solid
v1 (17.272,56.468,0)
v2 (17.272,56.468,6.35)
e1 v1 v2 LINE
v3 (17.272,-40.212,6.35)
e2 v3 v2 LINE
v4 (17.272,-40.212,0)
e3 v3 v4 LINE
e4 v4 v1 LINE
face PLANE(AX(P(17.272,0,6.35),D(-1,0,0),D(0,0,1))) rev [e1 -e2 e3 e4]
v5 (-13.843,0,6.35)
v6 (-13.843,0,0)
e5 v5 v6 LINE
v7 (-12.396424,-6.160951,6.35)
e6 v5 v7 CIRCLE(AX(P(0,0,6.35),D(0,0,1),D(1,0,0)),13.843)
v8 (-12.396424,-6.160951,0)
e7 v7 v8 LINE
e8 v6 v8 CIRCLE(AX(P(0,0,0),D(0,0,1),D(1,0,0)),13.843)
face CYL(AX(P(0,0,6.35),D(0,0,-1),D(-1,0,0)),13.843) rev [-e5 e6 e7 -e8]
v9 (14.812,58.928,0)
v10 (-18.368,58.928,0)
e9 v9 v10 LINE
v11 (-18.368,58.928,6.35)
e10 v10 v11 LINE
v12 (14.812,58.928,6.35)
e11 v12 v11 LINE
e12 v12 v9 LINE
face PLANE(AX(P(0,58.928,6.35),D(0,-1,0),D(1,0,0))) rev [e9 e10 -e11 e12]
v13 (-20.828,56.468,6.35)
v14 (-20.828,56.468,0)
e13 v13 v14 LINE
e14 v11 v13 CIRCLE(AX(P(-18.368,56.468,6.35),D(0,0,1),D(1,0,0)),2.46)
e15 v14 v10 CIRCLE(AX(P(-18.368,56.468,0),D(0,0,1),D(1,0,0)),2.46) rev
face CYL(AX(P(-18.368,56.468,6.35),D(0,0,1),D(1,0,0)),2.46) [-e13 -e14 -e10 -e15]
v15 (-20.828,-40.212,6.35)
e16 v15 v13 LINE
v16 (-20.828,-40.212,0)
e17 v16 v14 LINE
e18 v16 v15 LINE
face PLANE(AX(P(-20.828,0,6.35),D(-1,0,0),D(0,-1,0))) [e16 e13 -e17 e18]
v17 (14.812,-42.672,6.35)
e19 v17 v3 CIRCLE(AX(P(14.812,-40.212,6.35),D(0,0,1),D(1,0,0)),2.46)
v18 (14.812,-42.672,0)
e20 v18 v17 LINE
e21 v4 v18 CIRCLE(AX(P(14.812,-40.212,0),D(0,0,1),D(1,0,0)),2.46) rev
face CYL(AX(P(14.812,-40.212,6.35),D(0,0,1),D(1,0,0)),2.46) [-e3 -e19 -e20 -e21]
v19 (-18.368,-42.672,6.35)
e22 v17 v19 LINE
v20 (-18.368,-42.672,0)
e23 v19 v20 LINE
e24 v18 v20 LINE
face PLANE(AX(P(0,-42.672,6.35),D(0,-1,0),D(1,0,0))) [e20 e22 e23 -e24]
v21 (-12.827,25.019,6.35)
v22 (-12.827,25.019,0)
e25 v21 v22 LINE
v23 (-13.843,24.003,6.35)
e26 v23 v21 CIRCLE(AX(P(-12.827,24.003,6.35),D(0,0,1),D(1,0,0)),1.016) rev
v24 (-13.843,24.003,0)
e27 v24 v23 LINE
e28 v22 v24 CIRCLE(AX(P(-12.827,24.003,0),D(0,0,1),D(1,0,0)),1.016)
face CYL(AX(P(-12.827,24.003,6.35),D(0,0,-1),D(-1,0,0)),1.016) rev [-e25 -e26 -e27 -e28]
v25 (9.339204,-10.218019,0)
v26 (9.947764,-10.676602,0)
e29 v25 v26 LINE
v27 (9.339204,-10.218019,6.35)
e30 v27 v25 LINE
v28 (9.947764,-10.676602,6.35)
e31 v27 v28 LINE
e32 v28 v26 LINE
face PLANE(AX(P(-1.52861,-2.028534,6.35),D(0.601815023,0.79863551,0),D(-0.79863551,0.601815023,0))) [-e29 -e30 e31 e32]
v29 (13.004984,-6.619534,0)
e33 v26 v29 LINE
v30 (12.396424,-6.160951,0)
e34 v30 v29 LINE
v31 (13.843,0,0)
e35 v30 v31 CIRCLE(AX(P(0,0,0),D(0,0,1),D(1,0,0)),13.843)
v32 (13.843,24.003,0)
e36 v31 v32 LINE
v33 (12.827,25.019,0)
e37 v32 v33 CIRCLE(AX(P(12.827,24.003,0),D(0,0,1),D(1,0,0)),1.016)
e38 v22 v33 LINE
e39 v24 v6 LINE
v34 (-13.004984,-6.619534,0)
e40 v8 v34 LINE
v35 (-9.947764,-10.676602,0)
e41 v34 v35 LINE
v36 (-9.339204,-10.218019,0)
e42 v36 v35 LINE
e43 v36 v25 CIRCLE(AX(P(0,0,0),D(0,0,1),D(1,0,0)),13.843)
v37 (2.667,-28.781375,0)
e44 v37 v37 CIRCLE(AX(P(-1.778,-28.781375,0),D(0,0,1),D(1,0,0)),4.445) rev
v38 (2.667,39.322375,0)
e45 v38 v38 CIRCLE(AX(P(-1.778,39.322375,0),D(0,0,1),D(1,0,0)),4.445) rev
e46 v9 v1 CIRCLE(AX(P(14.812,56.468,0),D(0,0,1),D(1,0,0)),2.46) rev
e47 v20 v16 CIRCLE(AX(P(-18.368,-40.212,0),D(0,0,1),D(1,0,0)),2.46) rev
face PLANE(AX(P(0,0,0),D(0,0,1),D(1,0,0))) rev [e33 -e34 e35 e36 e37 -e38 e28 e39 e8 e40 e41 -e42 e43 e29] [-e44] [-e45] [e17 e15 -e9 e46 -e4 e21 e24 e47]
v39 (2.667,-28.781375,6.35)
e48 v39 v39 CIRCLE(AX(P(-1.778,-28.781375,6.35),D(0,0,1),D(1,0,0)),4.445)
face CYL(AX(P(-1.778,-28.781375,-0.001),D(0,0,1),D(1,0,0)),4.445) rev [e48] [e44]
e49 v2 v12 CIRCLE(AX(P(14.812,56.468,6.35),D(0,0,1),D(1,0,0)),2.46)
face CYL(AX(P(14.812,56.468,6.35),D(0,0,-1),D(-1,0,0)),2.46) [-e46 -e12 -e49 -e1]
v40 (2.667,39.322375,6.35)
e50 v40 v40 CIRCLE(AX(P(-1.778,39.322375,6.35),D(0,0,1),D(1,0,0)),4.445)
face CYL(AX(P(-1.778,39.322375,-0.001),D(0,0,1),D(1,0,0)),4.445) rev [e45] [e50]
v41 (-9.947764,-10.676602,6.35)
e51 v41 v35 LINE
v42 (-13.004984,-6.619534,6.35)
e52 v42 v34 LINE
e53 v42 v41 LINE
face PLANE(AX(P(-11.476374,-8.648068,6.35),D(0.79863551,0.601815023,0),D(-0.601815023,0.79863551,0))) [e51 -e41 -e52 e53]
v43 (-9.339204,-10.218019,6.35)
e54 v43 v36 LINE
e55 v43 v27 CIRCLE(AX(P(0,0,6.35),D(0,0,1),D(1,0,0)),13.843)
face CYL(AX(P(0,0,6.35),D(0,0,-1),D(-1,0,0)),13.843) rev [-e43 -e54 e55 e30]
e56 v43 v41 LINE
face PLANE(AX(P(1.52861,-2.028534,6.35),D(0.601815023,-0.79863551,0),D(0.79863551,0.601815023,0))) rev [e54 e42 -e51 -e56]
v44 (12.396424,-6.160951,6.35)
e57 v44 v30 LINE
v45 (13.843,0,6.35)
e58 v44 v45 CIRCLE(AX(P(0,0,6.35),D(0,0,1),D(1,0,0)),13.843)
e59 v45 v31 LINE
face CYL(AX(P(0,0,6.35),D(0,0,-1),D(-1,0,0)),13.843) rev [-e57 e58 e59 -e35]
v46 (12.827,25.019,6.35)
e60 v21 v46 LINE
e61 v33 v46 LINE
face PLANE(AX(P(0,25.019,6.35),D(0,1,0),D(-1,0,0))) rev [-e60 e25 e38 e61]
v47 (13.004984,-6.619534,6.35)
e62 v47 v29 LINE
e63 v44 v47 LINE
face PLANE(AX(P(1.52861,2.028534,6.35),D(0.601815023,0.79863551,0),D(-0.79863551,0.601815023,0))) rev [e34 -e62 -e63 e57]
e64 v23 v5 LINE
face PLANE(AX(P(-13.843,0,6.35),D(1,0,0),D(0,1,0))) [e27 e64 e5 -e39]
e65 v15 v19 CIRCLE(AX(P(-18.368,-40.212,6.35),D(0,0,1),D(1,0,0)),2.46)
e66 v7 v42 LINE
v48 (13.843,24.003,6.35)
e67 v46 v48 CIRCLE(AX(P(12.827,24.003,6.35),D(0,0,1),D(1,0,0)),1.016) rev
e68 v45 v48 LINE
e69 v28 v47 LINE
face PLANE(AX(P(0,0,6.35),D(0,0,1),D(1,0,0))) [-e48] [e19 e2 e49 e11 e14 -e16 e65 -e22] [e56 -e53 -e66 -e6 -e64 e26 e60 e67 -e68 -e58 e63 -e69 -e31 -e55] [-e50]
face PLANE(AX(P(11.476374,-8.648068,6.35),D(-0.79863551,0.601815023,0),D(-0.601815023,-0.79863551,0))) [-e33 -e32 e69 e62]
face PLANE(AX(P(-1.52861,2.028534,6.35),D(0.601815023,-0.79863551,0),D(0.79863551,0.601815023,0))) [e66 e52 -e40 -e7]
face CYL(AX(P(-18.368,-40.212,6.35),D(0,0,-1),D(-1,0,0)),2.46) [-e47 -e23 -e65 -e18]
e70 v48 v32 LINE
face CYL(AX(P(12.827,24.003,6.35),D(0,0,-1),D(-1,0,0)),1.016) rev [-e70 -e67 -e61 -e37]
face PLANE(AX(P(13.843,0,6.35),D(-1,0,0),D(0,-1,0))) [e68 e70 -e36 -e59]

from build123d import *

# Parameters (mm, degrees)
SKETCH1_W           = 38.1
SKETCH1_H           = 101.6
BOSS_EXTRUDE1_DEPTH = 6.35
CUT_EXTRUDE1_REACH  = 64.822
SKETCH2_R           = 4.445
FILLET5_R           = 1.016
FILLET6_R           = 2.46


with BuildPart() as part:
    # Sketch1 → Boss-Extrude1 (new body)
    with BuildSketch(Plane.XY):
        with Locations((-1.778, 8.128)):
            Rectangle(SKETCH1_W, SKETCH1_H)
        with BuildLine():
            Line((-13.843, 25.019), (-13.843, 0))
            ThreePointArc((-13.843, 0), (-13.476504522, -3.164249495), (-12.396424133, -6.16095104))
            Line((-12.396424133, -6.16095104), (-13.004984391, -6.619534088))
            Line((-13.004984391, -6.619534088), (-9.947764074, -10.676602479))
            Line((-9.947764074, -10.676602479), (-9.339203815, -10.218019431))
            ThreePointArc((-9.339203815, -10.218019431), (0, -13.843), (9.339203815, -10.218019431))
            Line((9.339203815, -10.218019431), (9.947764074, -10.676602479))
            Line((9.947764074, -10.676602479), (13.004984391, -6.619534088))
            Line((13.004984391, -6.619534088), (12.396424133, -6.16095104))
            ThreePointArc((12.396424133, -6.16095104), (13.476504522, -3.164249495), (13.843, 0))
            Line((13.843, 0), (13.843, 25.019))
            Line((13.843, 25.019), (-13.843, 25.019))
        make_face(mode=Mode.SUBTRACT)
    extrude(amount=BOSS_EXTRUDE1_DEPTH)

    # Sketch2 → Cut-Extrude1 (cut, up to next)
    with BuildSketch(Plane.XY.offset(6.35), mode=Mode.PRIVATE) as cut_extrude1_sk1:
        with Locations((-1.778, 39.322375)):
            Circle(SKETCH2_R)
    cut_extrude1_tool1 = extrude(cut_extrude1_sk1.sketch, amount=-CUT_EXTRUDE1_REACH, mode=Mode.PRIVATE) & part.part
    # Sketch2 → Cut-Extrude1 (cut, up to next)
    with BuildSketch(Plane.XY.offset(6.35), mode=Mode.PRIVATE) as cut_extrude1_sk2:
        with Locations((-1.778, -28.781375)):
            Circle(SKETCH2_R)
    cut_extrude1_tool2 = extrude(cut_extrude1_sk2.sketch, amount=-CUT_EXTRUDE1_REACH, mode=Mode.PRIVATE) & part.part
    add(cut_extrude1_tool1.solids().sort_by_distance((-1.778, 39.322375, 6.35))[0], mode=Mode.SUBTRACT)
    add(cut_extrude1_tool2.solids().sort_by_distance((-1.778, -28.781375, 6.35))[0], mode=Mode.SUBTRACT)

    # Fillet5
    fillet5_edges = [part.edges().sort_by_distance(p)[0] for p in [
        (13.843, 25.019, 3.175),
        (-13.843, 25.019, 3.175),
    ]]
    fillet(fillet5_edges, radius=FILLET5_R)

    # Fillet6
    fillet6_edges = [part.edges().sort_by_distance(p)[0] for p in [
        (-20.828, 58.928, 3.175),
        (17.272, 58.928, 3.175),
        (17.272, -42.672, 3.175),
        (-20.828, -42.672, 3.175),
    ]]
    fillet(fillet6_edges, radius=FILLET6_R)


solid = part.part
